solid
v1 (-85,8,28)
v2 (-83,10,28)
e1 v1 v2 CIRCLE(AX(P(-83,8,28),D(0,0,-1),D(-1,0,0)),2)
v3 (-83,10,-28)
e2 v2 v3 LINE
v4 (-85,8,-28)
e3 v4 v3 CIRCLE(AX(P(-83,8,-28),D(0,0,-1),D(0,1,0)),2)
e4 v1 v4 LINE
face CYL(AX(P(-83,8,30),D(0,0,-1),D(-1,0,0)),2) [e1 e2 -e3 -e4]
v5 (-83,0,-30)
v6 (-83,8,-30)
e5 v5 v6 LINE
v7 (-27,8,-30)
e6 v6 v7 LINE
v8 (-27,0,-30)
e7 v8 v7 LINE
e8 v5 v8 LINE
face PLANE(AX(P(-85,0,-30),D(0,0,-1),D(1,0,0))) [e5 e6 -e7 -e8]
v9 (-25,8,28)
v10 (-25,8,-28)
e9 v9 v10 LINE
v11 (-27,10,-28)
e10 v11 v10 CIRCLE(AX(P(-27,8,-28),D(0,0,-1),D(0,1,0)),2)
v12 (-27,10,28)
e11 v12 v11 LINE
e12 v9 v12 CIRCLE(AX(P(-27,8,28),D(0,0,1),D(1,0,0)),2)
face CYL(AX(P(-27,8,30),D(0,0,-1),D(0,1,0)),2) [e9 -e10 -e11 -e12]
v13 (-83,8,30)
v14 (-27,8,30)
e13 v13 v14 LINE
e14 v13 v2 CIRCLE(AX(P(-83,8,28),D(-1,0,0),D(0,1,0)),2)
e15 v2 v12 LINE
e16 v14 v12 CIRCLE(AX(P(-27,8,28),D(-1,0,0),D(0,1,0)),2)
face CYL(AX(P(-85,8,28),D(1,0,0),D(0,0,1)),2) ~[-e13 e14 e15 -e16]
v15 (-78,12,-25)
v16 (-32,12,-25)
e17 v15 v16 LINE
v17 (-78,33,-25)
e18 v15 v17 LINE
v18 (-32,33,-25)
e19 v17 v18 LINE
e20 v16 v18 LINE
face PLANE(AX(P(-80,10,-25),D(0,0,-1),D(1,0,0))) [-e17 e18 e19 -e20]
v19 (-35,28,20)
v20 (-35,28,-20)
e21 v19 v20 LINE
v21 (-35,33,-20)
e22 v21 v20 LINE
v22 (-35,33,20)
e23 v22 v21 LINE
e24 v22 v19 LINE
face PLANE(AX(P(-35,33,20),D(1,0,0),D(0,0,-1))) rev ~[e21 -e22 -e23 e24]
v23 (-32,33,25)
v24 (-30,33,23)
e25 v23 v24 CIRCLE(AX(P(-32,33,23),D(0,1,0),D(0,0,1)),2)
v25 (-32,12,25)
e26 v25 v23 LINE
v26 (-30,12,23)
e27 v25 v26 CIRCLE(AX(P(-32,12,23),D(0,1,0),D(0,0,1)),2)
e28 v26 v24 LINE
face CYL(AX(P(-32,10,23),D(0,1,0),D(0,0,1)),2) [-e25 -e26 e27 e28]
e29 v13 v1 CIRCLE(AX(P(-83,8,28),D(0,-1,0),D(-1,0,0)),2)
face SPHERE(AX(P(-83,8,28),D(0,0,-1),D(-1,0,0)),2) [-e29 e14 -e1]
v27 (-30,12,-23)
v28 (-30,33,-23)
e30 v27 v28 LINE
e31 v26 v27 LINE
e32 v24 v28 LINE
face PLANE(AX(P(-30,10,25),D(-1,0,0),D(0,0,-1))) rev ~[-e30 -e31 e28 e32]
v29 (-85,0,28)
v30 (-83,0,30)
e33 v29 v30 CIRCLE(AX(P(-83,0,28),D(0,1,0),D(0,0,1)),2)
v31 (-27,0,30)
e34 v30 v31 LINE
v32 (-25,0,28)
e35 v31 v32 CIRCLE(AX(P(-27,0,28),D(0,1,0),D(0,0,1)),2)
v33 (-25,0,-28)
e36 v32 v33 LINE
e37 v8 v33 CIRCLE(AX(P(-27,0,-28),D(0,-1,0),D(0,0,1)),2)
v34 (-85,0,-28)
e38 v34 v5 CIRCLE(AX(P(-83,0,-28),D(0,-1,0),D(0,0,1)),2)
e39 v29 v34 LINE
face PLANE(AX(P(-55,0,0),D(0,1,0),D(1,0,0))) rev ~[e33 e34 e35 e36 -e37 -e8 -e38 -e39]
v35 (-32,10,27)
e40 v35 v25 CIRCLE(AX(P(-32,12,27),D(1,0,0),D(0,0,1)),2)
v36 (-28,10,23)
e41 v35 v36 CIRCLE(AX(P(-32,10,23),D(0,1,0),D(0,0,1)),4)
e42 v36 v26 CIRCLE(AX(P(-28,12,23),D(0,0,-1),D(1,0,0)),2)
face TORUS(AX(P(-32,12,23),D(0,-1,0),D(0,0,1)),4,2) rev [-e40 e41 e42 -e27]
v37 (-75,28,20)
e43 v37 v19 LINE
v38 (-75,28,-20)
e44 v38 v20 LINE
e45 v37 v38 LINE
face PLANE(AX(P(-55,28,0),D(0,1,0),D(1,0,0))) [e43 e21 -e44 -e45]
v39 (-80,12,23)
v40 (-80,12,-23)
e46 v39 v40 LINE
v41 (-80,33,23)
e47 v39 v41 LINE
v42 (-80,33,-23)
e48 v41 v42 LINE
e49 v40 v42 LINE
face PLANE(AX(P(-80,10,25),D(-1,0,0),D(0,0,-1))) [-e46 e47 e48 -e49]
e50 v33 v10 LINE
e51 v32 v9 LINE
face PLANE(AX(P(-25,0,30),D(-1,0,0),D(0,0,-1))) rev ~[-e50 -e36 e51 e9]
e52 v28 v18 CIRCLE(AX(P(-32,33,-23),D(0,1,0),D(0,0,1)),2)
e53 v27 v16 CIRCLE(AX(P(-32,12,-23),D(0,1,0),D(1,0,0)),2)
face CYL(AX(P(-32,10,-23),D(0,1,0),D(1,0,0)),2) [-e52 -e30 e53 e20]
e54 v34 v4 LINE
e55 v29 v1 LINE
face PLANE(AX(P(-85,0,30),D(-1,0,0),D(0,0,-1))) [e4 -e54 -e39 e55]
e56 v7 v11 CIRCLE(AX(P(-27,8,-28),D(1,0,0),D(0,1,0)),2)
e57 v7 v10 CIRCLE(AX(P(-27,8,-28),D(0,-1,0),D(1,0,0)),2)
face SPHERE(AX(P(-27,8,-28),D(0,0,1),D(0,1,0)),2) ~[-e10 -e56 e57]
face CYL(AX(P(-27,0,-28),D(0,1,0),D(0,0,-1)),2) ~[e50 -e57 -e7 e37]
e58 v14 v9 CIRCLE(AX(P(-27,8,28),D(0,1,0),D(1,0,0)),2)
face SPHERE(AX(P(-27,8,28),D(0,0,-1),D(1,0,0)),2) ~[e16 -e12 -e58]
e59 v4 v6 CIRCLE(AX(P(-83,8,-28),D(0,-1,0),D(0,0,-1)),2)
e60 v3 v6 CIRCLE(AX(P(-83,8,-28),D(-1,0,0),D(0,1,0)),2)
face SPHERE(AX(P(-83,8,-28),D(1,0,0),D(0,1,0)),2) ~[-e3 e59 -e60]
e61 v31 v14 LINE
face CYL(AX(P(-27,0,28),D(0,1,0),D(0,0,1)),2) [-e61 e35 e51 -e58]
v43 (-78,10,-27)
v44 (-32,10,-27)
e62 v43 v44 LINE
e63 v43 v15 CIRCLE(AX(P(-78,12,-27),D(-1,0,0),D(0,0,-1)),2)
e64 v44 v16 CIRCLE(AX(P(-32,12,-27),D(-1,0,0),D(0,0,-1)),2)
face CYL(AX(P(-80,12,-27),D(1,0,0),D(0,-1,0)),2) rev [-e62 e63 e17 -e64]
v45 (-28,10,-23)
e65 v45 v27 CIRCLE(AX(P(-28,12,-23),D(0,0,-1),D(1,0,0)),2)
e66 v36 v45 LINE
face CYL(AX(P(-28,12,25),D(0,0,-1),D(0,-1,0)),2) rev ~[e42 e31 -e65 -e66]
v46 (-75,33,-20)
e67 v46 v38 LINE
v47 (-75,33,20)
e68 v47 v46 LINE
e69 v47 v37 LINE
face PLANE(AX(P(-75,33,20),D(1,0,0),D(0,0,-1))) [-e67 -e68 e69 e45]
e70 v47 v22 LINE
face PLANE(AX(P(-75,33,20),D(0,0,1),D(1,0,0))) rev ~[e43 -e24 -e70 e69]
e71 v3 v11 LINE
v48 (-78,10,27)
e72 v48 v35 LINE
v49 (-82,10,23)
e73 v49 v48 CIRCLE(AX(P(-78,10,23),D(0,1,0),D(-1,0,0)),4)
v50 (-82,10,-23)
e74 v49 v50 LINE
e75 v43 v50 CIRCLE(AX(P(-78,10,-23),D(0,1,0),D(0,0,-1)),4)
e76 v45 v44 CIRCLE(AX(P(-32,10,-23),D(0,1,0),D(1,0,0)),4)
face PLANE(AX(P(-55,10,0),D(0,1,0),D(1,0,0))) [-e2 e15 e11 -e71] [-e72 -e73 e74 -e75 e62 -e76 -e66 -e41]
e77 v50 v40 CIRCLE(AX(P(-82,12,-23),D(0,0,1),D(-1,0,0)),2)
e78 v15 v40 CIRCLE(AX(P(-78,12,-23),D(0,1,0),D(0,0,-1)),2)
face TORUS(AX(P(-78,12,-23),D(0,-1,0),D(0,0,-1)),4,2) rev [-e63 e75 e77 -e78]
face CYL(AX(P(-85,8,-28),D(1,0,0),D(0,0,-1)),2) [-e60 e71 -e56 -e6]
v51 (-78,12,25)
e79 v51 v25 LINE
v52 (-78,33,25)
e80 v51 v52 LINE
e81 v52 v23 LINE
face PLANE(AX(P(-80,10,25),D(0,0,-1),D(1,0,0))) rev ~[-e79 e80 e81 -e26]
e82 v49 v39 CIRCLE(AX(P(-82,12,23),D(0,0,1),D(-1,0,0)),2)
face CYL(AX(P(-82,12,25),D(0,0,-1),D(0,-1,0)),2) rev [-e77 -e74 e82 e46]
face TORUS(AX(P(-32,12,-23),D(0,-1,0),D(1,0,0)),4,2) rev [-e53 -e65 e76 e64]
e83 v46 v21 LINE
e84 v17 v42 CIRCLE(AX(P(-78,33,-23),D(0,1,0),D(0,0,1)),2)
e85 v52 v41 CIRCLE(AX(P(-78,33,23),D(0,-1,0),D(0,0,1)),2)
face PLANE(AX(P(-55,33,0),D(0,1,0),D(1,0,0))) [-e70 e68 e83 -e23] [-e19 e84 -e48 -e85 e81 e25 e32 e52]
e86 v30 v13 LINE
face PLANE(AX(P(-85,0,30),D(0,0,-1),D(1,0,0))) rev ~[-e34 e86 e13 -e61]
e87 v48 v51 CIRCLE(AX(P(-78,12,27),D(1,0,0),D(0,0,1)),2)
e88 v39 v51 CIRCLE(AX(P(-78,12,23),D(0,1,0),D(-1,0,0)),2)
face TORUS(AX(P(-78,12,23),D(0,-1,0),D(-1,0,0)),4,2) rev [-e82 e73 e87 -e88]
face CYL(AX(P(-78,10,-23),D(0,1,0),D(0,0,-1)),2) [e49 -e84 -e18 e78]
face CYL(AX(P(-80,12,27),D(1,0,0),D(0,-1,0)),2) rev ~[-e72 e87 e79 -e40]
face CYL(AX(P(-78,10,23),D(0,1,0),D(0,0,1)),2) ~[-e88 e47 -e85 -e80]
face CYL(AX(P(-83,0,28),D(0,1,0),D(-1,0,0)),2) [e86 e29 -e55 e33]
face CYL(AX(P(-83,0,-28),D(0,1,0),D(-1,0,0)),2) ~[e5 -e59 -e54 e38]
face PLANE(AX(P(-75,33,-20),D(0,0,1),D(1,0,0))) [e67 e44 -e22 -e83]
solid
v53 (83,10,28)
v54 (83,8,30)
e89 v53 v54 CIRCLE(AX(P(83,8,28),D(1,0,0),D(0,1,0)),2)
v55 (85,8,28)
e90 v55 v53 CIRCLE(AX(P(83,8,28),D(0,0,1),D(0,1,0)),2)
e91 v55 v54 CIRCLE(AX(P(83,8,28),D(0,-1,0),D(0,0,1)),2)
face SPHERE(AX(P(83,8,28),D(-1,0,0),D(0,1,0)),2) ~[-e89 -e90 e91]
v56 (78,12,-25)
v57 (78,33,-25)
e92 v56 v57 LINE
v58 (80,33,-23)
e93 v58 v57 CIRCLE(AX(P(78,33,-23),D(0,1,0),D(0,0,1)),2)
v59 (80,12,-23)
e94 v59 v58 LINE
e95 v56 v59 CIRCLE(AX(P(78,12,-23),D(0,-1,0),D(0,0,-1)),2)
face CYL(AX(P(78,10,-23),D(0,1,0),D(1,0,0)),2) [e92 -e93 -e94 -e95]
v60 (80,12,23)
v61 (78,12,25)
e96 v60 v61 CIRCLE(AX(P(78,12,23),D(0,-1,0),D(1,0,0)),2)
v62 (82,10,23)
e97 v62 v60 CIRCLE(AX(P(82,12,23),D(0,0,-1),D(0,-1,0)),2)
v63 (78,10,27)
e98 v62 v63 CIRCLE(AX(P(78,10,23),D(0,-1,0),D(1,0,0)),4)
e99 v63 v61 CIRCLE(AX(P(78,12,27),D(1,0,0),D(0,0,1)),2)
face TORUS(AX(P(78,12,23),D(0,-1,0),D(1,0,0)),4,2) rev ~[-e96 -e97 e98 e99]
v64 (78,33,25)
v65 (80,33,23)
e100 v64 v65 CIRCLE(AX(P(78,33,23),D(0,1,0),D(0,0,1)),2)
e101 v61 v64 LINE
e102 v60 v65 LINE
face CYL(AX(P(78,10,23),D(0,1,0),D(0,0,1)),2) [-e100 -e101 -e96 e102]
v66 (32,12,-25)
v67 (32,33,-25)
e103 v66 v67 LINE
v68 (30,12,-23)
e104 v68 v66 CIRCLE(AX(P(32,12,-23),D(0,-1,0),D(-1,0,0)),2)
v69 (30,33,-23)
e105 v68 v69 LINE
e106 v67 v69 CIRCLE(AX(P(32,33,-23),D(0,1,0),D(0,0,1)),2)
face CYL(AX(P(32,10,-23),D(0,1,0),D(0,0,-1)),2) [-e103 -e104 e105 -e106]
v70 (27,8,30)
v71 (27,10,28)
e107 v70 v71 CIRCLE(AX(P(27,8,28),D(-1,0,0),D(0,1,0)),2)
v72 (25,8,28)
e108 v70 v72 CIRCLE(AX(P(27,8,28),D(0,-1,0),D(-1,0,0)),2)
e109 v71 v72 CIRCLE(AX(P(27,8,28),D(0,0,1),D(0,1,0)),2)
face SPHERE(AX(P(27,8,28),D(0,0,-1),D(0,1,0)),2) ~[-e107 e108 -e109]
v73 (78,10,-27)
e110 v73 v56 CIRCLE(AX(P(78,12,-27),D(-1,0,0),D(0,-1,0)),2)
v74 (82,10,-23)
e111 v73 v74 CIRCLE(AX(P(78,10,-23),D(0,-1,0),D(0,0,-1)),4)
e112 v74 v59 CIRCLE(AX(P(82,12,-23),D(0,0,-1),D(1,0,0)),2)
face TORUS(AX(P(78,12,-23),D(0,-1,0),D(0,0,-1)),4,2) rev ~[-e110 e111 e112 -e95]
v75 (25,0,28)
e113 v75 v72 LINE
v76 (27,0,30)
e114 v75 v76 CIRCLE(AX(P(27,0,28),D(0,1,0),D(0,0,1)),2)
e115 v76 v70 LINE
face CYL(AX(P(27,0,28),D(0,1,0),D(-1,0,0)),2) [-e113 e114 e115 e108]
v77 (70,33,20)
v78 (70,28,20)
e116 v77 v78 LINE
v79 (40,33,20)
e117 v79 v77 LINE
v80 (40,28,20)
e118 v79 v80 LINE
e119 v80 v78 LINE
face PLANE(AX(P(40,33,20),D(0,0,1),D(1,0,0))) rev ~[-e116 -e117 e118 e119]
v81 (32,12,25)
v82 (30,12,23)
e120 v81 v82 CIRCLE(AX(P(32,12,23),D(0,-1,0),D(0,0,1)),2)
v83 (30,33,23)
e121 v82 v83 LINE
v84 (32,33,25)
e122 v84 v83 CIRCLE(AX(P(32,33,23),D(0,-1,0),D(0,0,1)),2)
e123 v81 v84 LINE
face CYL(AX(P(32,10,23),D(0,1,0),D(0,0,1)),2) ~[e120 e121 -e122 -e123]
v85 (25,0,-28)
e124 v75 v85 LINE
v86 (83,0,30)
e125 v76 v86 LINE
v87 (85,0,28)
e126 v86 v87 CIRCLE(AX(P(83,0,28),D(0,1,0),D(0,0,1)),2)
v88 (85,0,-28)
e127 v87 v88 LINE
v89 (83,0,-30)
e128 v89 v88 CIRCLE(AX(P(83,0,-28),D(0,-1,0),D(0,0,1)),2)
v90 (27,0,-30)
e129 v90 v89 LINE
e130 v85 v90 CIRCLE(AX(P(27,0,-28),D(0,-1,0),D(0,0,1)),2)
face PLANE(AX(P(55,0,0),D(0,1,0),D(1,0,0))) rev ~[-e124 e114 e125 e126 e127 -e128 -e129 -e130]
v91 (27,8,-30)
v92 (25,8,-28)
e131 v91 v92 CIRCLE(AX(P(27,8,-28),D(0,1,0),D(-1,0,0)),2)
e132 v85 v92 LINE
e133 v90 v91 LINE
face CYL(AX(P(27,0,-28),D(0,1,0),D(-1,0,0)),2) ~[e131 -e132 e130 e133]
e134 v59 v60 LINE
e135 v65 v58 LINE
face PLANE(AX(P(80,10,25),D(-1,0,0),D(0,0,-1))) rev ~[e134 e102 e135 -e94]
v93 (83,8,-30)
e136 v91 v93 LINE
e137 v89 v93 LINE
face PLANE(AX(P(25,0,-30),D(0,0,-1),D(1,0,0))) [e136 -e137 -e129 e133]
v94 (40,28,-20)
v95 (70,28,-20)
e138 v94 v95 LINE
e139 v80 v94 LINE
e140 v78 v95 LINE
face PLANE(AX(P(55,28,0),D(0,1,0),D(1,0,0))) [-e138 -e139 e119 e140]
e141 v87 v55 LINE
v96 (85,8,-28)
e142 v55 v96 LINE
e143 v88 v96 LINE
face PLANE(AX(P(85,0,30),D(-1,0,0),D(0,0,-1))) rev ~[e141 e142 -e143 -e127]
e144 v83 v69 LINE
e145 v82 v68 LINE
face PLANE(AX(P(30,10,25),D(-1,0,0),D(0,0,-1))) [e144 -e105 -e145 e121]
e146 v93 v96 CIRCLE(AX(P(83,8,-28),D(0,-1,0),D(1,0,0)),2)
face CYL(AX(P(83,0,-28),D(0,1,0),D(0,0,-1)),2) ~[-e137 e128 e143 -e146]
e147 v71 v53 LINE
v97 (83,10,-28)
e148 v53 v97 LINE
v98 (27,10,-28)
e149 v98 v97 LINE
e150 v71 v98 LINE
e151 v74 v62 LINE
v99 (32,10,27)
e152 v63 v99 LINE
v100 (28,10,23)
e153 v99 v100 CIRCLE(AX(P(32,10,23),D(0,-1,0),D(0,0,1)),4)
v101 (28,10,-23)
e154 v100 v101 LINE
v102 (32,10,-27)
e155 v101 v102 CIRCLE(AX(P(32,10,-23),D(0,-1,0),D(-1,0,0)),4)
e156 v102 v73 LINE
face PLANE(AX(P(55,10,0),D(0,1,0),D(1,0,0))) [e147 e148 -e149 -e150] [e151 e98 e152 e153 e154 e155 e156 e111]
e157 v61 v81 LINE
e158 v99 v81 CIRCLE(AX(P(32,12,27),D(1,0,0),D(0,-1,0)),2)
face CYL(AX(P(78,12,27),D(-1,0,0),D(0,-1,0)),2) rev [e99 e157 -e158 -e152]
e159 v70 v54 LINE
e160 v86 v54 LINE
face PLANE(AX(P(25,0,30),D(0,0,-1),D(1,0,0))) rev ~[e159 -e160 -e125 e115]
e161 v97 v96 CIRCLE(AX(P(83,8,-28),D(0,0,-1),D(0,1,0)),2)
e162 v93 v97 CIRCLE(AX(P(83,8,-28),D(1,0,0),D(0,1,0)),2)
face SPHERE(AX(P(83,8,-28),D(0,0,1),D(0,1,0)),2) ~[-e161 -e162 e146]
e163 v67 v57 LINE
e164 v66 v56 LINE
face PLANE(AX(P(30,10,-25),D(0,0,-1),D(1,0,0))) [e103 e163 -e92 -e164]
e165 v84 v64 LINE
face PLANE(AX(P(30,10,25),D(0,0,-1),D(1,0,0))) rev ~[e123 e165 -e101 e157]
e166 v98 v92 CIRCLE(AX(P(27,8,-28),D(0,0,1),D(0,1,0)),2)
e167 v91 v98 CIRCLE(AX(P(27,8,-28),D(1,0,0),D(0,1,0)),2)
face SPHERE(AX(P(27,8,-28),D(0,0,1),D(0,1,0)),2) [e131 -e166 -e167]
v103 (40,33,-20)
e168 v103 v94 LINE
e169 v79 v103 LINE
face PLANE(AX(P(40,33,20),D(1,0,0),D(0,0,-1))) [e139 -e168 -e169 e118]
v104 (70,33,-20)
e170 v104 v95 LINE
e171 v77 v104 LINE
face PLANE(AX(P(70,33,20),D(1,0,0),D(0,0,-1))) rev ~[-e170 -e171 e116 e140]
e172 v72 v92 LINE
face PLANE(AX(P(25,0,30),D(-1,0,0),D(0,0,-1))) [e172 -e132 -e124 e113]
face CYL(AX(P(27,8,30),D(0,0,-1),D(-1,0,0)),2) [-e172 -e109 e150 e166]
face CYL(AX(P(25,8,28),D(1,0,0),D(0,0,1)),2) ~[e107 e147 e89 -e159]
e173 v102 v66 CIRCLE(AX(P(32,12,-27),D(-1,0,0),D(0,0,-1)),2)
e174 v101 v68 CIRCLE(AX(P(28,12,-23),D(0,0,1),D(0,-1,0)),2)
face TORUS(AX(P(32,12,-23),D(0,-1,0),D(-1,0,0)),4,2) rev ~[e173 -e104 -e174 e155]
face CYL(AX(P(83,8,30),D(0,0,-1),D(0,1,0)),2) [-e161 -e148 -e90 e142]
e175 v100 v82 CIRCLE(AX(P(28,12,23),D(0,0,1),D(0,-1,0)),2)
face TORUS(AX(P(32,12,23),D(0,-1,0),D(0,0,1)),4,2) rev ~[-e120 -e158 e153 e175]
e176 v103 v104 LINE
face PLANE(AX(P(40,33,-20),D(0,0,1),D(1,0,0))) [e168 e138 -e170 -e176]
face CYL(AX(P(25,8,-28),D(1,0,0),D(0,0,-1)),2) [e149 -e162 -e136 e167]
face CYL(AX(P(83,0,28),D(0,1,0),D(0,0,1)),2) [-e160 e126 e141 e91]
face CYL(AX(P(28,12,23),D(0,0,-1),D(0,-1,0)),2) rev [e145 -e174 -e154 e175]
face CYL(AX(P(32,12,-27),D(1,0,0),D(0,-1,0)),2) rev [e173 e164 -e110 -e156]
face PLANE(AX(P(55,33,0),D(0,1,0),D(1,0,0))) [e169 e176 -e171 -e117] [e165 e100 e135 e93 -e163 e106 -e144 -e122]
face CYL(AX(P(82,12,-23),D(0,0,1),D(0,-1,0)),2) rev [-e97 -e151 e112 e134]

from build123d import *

# Parameters (mm, degrees)
SKETCH_1_W          = 60
SKETCH_1_H          = 60
EXTRUDE_1_DEPTH     = 10
EXTRUDE_1_2_DEPTH   = 10
SKETCH_4_W          = 50
SKETCH_4_H          = 50
EXTRUDE_3_DEPTH     = 23
FILLET_6_R          = 2
FILLET_7_R          = 2
SKETCH_5_W          = 40
SKETCH_5_H          = 40
CUT_EXTRUDE_1_DEPTH = 5
SKETCH_6_W          = 30
SKETCH_6_H          = 40
CUT_EXTRUDE_2_DEPTH = 5
FILLET_8_R          = 2


with BuildPart() as part:
    # 스케치1 → 보스-돌출1 (new body)
    with BuildSketch(Plane(origin=(0, 0, 0), x_dir=(1, 0, 0), z_dir=(0, 1, 0))):
        with Locations((-55, 0)):
            Rectangle(SKETCH_1_W, SKETCH_1_H)
    extrude(amount=EXTRUDE_1_DEPTH)



with BuildPart() as body_2:
    # 스케치1 → Extrude 1 2 (new body)
    with BuildSketch(Plane(origin=(0, 0, 0), x_dir=(1, 0, 0), z_dir=(0, 1, 0))):
        with Locations((55, 0)):
            Rectangle(SKETCH_1_W, SKETCH_1_H)
    extrude(amount=EXTRUDE_1_2_DEPTH)


with BuildPart() as part_1:
    add(part.part)

    add(body_2.part)  # 보스-돌출3 merges body 2
    # 스케치4 → 보스-돌출3 (add)
    with BuildSketch(Plane(origin=(0, 10, 0), x_dir=(1, 0, 0), z_dir=(0, 1, 0))):
        with Locations((-55, 0)):
            Rectangle(SKETCH_4_W, SKETCH_4_H)
        with Locations((55, 0)):
            Rectangle(SKETCH_4_W, SKETCH_4_H)
    extrude(amount=EXTRUDE_3_DEPTH)

    # 필렛6
    fillet_6_edges = [part_1.edges().sort_by_distance(p)[0] for p in [
        (-25, 10, 0),
        (-55, 10, -30),
        (-80, 10, 0),
        (-80, 21.5, -25),
        (-55, 10, 25),
        (-80, 21.5, 25),
        (-30, 10, 0),
        (-30, 21.5, 25),
        (-55, 10, -25),
        (-30, 21.5, -25),
        (-85, 10, 0),
        (-85, 5, -30),
        (-25, 5, -30),
        (-25, 5, 30),
        (-85, 5, 30),
        (-55, 10, 30),
    ]]
    fillet(fillet_6_edges, radius=FILLET_6_R)

    # 필렛7
    fillet_7_edges = [part_1.edges().sort_by_distance(p)[0] for p in [
        (30, 21.5, -25),
        (30, 21.5, 25),
        (80, 21.5, 25),
        (80, 21.5, -25),
        (25, 10, 0),
        (55, 10, 30),
        (85, 10, 0),
        (55, 10, -30),
        (25, 5, -30),
        (85, 5, -30),
        (85, 5, 30),
        (25, 5, 30),
    ]]
    fillet(fillet_7_edges, radius=FILLET_7_R)

    # 스케치5 → 컷-돌출1 (cut)
    with BuildSketch(Plane(origin=(0, 33, 0), x_dir=(1, 0, 0), z_dir=(0, 1, 0))):
        with Locations((-55, 0)):
            Rectangle(SKETCH_5_W, SKETCH_5_H)
    extrude(amount=-CUT_EXTRUDE_1_DEPTH, mode=Mode.SUBTRACT)

    # 스케치6 → 컷-돌출2 (cut)
    with BuildSketch(Plane(origin=(0, 33, 0), x_dir=(1, 0, 0), z_dir=(0, 1, 0))):
        with Locations((55, 0)):
            Rectangle(SKETCH_6_W, SKETCH_6_H)
    extrude(amount=-CUT_EXTRUDE_2_DEPTH, mode=Mode.SUBTRACT)

    # 필렛8
    fillet_8_edges = [part_1.edges().sort_by_distance(p)[0] for p in [
        (30, 10, 0),
        (55, 10, -25),
        (80, 10, 0),
        (55, 10, 25),
        (30.585786438, 10, 24.414213562),
        (30.585786438, 10, -24.414213562),
        (79.414213562, 10, -24.414213562),
        (79.414213562, 10, 24.414213562),
    ]]
    fillet(fillet_8_edges, radius=FILLET_8_R)


solid = part_1.part
